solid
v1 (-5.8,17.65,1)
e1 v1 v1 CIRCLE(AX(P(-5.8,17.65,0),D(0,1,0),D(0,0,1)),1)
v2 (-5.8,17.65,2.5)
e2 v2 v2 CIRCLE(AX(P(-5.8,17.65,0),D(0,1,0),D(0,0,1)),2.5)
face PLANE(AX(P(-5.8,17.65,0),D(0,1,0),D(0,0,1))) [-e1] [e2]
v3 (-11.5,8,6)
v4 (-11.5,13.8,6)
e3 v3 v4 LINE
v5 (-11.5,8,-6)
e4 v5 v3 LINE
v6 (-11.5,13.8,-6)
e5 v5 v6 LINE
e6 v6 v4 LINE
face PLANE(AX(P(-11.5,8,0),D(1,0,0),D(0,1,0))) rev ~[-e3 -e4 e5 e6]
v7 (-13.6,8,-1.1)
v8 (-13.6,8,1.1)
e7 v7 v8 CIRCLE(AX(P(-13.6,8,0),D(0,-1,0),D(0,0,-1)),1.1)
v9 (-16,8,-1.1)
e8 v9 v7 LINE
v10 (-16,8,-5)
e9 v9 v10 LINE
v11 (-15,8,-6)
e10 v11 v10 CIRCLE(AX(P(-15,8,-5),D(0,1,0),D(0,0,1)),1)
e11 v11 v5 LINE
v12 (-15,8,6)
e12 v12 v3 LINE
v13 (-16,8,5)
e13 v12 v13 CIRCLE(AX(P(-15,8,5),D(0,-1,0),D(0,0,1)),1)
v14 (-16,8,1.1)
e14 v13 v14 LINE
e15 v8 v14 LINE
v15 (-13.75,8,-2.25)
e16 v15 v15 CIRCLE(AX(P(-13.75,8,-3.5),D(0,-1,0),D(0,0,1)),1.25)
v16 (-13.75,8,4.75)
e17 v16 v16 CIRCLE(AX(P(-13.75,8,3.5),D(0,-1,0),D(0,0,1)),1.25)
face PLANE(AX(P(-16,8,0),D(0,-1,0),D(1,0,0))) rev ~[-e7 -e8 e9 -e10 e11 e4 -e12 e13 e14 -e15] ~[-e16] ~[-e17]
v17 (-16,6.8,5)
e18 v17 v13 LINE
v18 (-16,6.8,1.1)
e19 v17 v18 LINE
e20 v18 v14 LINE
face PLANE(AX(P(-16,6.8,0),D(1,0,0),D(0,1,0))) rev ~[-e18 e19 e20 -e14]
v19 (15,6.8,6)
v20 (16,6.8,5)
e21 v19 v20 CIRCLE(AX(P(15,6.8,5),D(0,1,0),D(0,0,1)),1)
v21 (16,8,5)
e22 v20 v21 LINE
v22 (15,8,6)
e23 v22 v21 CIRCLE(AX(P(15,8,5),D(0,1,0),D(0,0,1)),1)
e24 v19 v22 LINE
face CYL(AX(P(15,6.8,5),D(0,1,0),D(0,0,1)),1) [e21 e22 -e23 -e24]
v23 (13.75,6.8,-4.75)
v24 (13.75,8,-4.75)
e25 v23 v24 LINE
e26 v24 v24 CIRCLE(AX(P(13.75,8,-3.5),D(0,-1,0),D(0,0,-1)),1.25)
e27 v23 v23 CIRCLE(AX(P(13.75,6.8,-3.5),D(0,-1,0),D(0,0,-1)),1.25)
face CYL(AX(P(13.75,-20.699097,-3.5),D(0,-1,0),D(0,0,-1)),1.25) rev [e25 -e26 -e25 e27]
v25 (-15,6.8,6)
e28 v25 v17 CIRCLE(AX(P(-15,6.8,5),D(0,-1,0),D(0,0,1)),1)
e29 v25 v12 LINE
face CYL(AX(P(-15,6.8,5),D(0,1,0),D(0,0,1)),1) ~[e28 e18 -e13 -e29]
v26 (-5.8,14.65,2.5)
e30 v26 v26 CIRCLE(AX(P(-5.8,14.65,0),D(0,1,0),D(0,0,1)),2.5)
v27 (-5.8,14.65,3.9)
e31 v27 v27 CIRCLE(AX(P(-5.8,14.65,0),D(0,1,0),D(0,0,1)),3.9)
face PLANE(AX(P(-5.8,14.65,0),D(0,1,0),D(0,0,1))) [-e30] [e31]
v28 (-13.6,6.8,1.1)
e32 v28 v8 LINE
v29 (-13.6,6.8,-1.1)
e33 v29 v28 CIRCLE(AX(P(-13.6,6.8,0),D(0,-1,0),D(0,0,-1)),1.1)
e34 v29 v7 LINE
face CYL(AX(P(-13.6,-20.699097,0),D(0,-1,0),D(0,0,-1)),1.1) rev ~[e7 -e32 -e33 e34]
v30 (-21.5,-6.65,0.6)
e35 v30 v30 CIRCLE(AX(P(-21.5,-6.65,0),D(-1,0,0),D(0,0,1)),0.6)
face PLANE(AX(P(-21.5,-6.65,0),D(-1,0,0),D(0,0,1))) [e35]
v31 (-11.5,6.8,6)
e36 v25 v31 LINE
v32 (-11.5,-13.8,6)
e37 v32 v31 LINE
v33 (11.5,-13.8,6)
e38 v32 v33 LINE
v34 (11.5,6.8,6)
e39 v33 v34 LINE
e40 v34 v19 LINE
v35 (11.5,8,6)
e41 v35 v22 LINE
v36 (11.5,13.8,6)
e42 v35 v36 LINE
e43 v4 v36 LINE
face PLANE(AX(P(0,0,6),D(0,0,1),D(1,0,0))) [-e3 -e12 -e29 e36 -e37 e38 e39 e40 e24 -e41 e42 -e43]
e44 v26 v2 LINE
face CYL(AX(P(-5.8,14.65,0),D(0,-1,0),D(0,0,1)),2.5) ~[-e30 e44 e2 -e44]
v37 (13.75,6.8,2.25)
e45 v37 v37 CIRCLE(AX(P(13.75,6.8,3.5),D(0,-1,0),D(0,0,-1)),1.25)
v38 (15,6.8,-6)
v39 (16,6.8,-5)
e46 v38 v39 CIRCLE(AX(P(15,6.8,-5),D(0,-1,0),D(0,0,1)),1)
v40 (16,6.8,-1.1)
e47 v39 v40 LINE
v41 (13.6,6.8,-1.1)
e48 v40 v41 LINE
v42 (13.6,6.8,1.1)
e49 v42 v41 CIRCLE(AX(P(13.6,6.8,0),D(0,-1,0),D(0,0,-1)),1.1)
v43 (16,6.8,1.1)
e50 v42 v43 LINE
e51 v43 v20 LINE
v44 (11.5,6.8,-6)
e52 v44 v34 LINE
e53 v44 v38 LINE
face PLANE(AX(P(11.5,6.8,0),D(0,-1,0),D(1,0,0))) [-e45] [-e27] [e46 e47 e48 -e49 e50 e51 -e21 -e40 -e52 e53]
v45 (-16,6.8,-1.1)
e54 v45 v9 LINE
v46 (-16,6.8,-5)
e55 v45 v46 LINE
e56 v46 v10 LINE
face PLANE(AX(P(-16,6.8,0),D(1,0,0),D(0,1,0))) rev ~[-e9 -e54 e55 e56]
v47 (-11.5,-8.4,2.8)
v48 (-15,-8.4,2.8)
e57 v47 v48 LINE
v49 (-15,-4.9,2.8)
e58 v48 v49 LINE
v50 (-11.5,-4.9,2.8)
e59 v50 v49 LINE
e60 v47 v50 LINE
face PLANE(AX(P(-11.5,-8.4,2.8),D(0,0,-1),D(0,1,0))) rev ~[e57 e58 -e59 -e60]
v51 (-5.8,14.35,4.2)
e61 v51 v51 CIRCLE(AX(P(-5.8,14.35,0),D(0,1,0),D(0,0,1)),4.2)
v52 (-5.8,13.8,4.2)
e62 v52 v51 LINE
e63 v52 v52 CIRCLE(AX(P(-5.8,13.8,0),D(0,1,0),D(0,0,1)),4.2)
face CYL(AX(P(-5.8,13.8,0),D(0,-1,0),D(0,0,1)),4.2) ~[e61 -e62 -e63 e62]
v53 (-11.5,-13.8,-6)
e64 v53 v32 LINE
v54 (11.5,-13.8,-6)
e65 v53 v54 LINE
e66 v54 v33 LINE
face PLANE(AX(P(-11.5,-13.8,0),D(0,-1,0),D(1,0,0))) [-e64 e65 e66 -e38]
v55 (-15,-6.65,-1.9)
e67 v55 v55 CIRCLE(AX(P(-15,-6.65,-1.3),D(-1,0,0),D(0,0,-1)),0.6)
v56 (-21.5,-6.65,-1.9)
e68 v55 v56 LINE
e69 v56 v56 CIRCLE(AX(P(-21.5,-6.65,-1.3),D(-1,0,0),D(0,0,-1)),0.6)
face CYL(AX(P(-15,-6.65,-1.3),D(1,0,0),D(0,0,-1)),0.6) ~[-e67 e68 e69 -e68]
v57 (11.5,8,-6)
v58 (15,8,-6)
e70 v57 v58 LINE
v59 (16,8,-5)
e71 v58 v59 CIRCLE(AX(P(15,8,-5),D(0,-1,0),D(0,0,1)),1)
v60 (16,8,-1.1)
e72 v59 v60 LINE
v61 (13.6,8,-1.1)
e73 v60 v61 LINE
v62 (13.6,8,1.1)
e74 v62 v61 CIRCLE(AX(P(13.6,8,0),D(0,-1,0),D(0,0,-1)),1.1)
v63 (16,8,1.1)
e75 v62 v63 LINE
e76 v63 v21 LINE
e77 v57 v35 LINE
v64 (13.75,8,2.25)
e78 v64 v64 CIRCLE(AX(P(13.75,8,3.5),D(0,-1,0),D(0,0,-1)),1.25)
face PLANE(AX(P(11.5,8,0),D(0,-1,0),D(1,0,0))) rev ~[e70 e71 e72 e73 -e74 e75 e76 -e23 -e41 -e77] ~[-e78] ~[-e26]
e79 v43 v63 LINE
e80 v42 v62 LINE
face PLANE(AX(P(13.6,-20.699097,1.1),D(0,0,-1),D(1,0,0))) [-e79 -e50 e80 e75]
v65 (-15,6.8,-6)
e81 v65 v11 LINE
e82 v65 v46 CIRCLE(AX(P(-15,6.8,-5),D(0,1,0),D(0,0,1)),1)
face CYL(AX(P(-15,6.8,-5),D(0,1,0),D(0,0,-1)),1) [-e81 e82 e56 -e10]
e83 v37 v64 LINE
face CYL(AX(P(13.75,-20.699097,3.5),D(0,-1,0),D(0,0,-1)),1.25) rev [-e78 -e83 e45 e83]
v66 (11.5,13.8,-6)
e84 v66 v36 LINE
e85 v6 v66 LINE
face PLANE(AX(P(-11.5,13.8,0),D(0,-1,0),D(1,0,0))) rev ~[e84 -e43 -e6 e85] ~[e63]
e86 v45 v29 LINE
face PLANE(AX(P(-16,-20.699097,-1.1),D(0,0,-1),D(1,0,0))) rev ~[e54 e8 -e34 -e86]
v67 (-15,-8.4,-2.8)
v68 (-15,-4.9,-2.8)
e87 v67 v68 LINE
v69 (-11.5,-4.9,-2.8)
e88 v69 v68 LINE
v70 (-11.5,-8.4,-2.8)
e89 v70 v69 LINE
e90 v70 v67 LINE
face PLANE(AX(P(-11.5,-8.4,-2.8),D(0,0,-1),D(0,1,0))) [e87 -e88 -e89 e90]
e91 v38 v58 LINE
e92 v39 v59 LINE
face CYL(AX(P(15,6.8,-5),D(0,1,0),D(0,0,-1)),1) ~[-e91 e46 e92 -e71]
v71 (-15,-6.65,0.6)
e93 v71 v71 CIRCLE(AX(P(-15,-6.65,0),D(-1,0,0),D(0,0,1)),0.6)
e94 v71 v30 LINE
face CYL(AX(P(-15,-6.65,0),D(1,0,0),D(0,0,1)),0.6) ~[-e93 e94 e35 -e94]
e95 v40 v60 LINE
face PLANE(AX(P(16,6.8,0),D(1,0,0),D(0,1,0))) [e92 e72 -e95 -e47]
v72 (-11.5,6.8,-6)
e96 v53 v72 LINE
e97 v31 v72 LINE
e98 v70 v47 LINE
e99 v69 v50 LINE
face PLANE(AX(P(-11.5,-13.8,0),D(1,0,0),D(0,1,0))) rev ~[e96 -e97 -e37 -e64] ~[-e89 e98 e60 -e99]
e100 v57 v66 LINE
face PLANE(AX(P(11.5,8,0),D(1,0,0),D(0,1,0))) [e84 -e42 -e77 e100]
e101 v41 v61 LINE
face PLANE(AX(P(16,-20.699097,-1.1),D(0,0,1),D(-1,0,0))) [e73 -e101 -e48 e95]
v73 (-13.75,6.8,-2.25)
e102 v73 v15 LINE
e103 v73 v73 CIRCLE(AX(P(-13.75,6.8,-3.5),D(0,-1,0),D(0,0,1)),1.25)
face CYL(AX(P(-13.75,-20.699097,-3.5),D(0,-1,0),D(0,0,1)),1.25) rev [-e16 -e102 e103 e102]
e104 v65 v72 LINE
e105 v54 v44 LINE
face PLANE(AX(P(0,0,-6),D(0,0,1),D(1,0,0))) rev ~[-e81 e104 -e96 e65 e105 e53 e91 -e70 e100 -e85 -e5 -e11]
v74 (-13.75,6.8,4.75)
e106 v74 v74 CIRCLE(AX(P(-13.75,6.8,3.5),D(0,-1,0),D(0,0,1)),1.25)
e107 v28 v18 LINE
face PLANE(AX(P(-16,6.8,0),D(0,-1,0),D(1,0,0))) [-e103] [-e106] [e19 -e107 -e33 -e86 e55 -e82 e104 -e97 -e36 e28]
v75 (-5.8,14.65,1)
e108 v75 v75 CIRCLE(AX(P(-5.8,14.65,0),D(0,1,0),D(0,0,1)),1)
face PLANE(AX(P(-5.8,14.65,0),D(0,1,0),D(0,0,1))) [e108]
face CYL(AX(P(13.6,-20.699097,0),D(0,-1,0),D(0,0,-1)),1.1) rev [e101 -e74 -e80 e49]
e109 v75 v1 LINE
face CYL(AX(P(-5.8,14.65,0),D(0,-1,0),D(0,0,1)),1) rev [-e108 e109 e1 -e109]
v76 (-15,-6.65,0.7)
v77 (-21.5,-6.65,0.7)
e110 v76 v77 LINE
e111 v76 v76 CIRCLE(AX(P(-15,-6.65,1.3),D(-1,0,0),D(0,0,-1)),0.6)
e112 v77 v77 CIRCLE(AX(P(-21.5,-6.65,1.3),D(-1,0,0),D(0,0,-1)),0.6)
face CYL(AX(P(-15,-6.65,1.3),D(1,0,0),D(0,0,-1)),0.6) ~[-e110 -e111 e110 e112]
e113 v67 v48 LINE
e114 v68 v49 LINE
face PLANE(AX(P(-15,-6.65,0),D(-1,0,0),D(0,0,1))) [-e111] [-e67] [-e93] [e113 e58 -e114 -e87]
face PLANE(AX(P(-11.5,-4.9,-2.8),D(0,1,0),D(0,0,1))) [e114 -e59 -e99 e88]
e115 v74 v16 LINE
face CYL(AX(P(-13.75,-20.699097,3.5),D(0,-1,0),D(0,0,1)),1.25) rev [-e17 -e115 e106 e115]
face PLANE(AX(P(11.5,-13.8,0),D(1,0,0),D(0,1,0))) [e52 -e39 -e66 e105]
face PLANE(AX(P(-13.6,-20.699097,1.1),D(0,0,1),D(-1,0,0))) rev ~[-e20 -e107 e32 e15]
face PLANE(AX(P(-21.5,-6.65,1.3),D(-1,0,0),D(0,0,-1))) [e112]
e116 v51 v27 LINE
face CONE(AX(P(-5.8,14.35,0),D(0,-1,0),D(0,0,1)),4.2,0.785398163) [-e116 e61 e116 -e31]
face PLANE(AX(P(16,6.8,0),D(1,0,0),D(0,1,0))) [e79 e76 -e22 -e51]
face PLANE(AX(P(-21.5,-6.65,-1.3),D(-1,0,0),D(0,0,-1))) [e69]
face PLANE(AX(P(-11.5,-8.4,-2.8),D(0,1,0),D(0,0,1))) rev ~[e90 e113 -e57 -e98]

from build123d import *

# Parameters (mm, degrees)
SKETCH_1_W               = 23
SKETCH_1_H               = 27.6
SKETCH_1_W_2             = 4.5
SKETCH_1_H_2             = 1.2
EXTRUDE_1_DEPTH          = 6
SKETCH_2_R               = 4.2
EXTRUDE_2_DEPTH          = 0.85
CHAMFER_1_SIZE           = 0.3
SKETCH_4_R               = 2.5
SKETCH_4_R_2             = 1
EXTRUDE_3_DEPTH          = 3
CUT_EXTRUDE_1_DEPTH      = 28.699097458
CUT_EXTRUDE_1_DEPTH_BACK = 28.699097458
SKETCH_3_R               = 1.25
FILLET_1_R               = 1
SKETCH_5_W               = 5.6
SKETCH_5_H               = 3.5
EXTRUDE_4_DEPTH          = 3.5
SKETCH_6_R               = 0.6
EXTRUDE_7_DEPTH          = 6.5


with BuildPart() as part:
    # Эскиз1 → Бобышка-Вытянуть1 (new, symmetric)
    with BuildSketch(Plane.XY):
        Rectangle(SKETCH_1_W, SKETCH_1_H)
        with Locations((-13.75, 7.4)):
            Rectangle(SKETCH_1_W_2, SKETCH_1_H_2)
        with Locations((13.75, 7.4)):
            Rectangle(SKETCH_1_W_2, SKETCH_1_H_2)
    extrude(amount=EXTRUDE_1_DEPTH, both=True)

    # Эскиз2 → Бобышка-Вытянуть2 (add)
    with BuildSketch(Plane(origin=(0, 13.8, 0), x_dir=(1, 0, 0), z_dir=(0, 1, 0))):
        with Locations(Location((-5.8, 0, 0), (0, 0, 270))):
            Circle(SKETCH_2_R)
    extrude(amount=EXTRUDE_2_DEPTH)

    # Фаска1
    chamfer_1_edges = [part.edges().sort_by_distance(p)[0] for p in [
        (-5.8, 14.65, -4.2),
    ]]
    chamfer(chamfer_1_edges, length=CHAMFER_1_SIZE)

    # Эскиз4 → Бобышка-Вытянуть3 (add)
    with BuildSketch(Plane(origin=(0, 14.65, 0), x_dir=(1, 0, 0), z_dir=(0, 1, 0))):
        with Locations(Location((-5.8, 0, 0), (0, 0, 270))):
            Circle(SKETCH_4_R)
        with Locations(Location((-5.8, 0, 0), (0, 0, 270))):
            Circle(SKETCH_4_R_2, mode=Mode.SUBTRACT)
    extrude(amount=EXTRUDE_3_DEPTH)

    # Эскиз3 → Вырез-Вытянуть1 (cut, two sides: drawn at the far end of the back side and taken through both)
    with BuildSketch(Plane(origin=(0, 8, 0), x_dir=(1, 0, 0), z_dir=(0, 1, 0)).offset(-CUT_EXTRUDE_1_DEPTH_BACK)):
        with Locations(Location((-13.75, 3.5, 0), (0, 0, 270))):
            Circle(SKETCH_3_R)
        with Locations(Location((-13.75, -3.5, 0), (0, 0, 270))):
            Circle(SKETCH_3_R)
        with Locations(Location((13.75, -3.5, 0), (0, 0, 90))):
            Circle(SKETCH_3_R)
        with Locations(Location((13.75, 3.5, 0), (0, 0, 90))):
            Circle(SKETCH_3_R)
        with BuildLine():
            Line((-16, 1.1), (-13.6, 1.1))
            ThreePointArc((-13.6, 1.1), (-12.5, 0), (-13.6, -1.1))
            Line((-13.6, -1.1), (-16, -1.1))
            Line((-16, -1.1), (-16, 1.1))
        make_face()
        with BuildLine():
            Line((16, 1.1), (13.6, 1.1))
            ThreePointArc((13.6, 1.1), (12.5, 0), (13.6, -1.1))
            Line((13.6, -1.1), (16, -1.1))
            Line((16, -1.1), (16, 1.1))
        make_face()
    extrude(amount=CUT_EXTRUDE_1_DEPTH + CUT_EXTRUDE_1_DEPTH_BACK, mode=Mode.SUBTRACT)

    # Скругление1
    fillet_1_edges = [part.edges().sort_by_distance(p)[0] for p in [
        (-16, 7.4, -6),
        (16, 7.4, -6),
        (16, 7.4, 6),
        (-16, 7.4, 6),
    ]]
    fillet(fillet_1_edges, radius=FILLET_1_R)

    # Эскиз5 → Бобышка-Вытянуть4 (add)
    with BuildSketch(Plane.ZY.offset(11.5)):
        with Locations((0, -6.65)):
            Rectangle(SKETCH_5_W, SKETCH_5_H)
    extrude(amount=EXTRUDE_4_DEPTH)

    # Эскиз6 → Бобышка-Вытянуть7 (add)
    with BuildSketch(Plane.ZY.offset(15)):
        with Locations((0, -6.65)):
            Circle(SKETCH_6_R)
        with Locations(Location((1.3, -6.65, 0), (0, 0, 180))):
            Circle(SKETCH_6_R)
        with Locations(Location((-1.3, -6.65, 0), (0, 0, 180))):
            Circle(SKETCH_6_R)
    extrude(amount=EXTRUDE_7_DEPTH)


solid = part.part
